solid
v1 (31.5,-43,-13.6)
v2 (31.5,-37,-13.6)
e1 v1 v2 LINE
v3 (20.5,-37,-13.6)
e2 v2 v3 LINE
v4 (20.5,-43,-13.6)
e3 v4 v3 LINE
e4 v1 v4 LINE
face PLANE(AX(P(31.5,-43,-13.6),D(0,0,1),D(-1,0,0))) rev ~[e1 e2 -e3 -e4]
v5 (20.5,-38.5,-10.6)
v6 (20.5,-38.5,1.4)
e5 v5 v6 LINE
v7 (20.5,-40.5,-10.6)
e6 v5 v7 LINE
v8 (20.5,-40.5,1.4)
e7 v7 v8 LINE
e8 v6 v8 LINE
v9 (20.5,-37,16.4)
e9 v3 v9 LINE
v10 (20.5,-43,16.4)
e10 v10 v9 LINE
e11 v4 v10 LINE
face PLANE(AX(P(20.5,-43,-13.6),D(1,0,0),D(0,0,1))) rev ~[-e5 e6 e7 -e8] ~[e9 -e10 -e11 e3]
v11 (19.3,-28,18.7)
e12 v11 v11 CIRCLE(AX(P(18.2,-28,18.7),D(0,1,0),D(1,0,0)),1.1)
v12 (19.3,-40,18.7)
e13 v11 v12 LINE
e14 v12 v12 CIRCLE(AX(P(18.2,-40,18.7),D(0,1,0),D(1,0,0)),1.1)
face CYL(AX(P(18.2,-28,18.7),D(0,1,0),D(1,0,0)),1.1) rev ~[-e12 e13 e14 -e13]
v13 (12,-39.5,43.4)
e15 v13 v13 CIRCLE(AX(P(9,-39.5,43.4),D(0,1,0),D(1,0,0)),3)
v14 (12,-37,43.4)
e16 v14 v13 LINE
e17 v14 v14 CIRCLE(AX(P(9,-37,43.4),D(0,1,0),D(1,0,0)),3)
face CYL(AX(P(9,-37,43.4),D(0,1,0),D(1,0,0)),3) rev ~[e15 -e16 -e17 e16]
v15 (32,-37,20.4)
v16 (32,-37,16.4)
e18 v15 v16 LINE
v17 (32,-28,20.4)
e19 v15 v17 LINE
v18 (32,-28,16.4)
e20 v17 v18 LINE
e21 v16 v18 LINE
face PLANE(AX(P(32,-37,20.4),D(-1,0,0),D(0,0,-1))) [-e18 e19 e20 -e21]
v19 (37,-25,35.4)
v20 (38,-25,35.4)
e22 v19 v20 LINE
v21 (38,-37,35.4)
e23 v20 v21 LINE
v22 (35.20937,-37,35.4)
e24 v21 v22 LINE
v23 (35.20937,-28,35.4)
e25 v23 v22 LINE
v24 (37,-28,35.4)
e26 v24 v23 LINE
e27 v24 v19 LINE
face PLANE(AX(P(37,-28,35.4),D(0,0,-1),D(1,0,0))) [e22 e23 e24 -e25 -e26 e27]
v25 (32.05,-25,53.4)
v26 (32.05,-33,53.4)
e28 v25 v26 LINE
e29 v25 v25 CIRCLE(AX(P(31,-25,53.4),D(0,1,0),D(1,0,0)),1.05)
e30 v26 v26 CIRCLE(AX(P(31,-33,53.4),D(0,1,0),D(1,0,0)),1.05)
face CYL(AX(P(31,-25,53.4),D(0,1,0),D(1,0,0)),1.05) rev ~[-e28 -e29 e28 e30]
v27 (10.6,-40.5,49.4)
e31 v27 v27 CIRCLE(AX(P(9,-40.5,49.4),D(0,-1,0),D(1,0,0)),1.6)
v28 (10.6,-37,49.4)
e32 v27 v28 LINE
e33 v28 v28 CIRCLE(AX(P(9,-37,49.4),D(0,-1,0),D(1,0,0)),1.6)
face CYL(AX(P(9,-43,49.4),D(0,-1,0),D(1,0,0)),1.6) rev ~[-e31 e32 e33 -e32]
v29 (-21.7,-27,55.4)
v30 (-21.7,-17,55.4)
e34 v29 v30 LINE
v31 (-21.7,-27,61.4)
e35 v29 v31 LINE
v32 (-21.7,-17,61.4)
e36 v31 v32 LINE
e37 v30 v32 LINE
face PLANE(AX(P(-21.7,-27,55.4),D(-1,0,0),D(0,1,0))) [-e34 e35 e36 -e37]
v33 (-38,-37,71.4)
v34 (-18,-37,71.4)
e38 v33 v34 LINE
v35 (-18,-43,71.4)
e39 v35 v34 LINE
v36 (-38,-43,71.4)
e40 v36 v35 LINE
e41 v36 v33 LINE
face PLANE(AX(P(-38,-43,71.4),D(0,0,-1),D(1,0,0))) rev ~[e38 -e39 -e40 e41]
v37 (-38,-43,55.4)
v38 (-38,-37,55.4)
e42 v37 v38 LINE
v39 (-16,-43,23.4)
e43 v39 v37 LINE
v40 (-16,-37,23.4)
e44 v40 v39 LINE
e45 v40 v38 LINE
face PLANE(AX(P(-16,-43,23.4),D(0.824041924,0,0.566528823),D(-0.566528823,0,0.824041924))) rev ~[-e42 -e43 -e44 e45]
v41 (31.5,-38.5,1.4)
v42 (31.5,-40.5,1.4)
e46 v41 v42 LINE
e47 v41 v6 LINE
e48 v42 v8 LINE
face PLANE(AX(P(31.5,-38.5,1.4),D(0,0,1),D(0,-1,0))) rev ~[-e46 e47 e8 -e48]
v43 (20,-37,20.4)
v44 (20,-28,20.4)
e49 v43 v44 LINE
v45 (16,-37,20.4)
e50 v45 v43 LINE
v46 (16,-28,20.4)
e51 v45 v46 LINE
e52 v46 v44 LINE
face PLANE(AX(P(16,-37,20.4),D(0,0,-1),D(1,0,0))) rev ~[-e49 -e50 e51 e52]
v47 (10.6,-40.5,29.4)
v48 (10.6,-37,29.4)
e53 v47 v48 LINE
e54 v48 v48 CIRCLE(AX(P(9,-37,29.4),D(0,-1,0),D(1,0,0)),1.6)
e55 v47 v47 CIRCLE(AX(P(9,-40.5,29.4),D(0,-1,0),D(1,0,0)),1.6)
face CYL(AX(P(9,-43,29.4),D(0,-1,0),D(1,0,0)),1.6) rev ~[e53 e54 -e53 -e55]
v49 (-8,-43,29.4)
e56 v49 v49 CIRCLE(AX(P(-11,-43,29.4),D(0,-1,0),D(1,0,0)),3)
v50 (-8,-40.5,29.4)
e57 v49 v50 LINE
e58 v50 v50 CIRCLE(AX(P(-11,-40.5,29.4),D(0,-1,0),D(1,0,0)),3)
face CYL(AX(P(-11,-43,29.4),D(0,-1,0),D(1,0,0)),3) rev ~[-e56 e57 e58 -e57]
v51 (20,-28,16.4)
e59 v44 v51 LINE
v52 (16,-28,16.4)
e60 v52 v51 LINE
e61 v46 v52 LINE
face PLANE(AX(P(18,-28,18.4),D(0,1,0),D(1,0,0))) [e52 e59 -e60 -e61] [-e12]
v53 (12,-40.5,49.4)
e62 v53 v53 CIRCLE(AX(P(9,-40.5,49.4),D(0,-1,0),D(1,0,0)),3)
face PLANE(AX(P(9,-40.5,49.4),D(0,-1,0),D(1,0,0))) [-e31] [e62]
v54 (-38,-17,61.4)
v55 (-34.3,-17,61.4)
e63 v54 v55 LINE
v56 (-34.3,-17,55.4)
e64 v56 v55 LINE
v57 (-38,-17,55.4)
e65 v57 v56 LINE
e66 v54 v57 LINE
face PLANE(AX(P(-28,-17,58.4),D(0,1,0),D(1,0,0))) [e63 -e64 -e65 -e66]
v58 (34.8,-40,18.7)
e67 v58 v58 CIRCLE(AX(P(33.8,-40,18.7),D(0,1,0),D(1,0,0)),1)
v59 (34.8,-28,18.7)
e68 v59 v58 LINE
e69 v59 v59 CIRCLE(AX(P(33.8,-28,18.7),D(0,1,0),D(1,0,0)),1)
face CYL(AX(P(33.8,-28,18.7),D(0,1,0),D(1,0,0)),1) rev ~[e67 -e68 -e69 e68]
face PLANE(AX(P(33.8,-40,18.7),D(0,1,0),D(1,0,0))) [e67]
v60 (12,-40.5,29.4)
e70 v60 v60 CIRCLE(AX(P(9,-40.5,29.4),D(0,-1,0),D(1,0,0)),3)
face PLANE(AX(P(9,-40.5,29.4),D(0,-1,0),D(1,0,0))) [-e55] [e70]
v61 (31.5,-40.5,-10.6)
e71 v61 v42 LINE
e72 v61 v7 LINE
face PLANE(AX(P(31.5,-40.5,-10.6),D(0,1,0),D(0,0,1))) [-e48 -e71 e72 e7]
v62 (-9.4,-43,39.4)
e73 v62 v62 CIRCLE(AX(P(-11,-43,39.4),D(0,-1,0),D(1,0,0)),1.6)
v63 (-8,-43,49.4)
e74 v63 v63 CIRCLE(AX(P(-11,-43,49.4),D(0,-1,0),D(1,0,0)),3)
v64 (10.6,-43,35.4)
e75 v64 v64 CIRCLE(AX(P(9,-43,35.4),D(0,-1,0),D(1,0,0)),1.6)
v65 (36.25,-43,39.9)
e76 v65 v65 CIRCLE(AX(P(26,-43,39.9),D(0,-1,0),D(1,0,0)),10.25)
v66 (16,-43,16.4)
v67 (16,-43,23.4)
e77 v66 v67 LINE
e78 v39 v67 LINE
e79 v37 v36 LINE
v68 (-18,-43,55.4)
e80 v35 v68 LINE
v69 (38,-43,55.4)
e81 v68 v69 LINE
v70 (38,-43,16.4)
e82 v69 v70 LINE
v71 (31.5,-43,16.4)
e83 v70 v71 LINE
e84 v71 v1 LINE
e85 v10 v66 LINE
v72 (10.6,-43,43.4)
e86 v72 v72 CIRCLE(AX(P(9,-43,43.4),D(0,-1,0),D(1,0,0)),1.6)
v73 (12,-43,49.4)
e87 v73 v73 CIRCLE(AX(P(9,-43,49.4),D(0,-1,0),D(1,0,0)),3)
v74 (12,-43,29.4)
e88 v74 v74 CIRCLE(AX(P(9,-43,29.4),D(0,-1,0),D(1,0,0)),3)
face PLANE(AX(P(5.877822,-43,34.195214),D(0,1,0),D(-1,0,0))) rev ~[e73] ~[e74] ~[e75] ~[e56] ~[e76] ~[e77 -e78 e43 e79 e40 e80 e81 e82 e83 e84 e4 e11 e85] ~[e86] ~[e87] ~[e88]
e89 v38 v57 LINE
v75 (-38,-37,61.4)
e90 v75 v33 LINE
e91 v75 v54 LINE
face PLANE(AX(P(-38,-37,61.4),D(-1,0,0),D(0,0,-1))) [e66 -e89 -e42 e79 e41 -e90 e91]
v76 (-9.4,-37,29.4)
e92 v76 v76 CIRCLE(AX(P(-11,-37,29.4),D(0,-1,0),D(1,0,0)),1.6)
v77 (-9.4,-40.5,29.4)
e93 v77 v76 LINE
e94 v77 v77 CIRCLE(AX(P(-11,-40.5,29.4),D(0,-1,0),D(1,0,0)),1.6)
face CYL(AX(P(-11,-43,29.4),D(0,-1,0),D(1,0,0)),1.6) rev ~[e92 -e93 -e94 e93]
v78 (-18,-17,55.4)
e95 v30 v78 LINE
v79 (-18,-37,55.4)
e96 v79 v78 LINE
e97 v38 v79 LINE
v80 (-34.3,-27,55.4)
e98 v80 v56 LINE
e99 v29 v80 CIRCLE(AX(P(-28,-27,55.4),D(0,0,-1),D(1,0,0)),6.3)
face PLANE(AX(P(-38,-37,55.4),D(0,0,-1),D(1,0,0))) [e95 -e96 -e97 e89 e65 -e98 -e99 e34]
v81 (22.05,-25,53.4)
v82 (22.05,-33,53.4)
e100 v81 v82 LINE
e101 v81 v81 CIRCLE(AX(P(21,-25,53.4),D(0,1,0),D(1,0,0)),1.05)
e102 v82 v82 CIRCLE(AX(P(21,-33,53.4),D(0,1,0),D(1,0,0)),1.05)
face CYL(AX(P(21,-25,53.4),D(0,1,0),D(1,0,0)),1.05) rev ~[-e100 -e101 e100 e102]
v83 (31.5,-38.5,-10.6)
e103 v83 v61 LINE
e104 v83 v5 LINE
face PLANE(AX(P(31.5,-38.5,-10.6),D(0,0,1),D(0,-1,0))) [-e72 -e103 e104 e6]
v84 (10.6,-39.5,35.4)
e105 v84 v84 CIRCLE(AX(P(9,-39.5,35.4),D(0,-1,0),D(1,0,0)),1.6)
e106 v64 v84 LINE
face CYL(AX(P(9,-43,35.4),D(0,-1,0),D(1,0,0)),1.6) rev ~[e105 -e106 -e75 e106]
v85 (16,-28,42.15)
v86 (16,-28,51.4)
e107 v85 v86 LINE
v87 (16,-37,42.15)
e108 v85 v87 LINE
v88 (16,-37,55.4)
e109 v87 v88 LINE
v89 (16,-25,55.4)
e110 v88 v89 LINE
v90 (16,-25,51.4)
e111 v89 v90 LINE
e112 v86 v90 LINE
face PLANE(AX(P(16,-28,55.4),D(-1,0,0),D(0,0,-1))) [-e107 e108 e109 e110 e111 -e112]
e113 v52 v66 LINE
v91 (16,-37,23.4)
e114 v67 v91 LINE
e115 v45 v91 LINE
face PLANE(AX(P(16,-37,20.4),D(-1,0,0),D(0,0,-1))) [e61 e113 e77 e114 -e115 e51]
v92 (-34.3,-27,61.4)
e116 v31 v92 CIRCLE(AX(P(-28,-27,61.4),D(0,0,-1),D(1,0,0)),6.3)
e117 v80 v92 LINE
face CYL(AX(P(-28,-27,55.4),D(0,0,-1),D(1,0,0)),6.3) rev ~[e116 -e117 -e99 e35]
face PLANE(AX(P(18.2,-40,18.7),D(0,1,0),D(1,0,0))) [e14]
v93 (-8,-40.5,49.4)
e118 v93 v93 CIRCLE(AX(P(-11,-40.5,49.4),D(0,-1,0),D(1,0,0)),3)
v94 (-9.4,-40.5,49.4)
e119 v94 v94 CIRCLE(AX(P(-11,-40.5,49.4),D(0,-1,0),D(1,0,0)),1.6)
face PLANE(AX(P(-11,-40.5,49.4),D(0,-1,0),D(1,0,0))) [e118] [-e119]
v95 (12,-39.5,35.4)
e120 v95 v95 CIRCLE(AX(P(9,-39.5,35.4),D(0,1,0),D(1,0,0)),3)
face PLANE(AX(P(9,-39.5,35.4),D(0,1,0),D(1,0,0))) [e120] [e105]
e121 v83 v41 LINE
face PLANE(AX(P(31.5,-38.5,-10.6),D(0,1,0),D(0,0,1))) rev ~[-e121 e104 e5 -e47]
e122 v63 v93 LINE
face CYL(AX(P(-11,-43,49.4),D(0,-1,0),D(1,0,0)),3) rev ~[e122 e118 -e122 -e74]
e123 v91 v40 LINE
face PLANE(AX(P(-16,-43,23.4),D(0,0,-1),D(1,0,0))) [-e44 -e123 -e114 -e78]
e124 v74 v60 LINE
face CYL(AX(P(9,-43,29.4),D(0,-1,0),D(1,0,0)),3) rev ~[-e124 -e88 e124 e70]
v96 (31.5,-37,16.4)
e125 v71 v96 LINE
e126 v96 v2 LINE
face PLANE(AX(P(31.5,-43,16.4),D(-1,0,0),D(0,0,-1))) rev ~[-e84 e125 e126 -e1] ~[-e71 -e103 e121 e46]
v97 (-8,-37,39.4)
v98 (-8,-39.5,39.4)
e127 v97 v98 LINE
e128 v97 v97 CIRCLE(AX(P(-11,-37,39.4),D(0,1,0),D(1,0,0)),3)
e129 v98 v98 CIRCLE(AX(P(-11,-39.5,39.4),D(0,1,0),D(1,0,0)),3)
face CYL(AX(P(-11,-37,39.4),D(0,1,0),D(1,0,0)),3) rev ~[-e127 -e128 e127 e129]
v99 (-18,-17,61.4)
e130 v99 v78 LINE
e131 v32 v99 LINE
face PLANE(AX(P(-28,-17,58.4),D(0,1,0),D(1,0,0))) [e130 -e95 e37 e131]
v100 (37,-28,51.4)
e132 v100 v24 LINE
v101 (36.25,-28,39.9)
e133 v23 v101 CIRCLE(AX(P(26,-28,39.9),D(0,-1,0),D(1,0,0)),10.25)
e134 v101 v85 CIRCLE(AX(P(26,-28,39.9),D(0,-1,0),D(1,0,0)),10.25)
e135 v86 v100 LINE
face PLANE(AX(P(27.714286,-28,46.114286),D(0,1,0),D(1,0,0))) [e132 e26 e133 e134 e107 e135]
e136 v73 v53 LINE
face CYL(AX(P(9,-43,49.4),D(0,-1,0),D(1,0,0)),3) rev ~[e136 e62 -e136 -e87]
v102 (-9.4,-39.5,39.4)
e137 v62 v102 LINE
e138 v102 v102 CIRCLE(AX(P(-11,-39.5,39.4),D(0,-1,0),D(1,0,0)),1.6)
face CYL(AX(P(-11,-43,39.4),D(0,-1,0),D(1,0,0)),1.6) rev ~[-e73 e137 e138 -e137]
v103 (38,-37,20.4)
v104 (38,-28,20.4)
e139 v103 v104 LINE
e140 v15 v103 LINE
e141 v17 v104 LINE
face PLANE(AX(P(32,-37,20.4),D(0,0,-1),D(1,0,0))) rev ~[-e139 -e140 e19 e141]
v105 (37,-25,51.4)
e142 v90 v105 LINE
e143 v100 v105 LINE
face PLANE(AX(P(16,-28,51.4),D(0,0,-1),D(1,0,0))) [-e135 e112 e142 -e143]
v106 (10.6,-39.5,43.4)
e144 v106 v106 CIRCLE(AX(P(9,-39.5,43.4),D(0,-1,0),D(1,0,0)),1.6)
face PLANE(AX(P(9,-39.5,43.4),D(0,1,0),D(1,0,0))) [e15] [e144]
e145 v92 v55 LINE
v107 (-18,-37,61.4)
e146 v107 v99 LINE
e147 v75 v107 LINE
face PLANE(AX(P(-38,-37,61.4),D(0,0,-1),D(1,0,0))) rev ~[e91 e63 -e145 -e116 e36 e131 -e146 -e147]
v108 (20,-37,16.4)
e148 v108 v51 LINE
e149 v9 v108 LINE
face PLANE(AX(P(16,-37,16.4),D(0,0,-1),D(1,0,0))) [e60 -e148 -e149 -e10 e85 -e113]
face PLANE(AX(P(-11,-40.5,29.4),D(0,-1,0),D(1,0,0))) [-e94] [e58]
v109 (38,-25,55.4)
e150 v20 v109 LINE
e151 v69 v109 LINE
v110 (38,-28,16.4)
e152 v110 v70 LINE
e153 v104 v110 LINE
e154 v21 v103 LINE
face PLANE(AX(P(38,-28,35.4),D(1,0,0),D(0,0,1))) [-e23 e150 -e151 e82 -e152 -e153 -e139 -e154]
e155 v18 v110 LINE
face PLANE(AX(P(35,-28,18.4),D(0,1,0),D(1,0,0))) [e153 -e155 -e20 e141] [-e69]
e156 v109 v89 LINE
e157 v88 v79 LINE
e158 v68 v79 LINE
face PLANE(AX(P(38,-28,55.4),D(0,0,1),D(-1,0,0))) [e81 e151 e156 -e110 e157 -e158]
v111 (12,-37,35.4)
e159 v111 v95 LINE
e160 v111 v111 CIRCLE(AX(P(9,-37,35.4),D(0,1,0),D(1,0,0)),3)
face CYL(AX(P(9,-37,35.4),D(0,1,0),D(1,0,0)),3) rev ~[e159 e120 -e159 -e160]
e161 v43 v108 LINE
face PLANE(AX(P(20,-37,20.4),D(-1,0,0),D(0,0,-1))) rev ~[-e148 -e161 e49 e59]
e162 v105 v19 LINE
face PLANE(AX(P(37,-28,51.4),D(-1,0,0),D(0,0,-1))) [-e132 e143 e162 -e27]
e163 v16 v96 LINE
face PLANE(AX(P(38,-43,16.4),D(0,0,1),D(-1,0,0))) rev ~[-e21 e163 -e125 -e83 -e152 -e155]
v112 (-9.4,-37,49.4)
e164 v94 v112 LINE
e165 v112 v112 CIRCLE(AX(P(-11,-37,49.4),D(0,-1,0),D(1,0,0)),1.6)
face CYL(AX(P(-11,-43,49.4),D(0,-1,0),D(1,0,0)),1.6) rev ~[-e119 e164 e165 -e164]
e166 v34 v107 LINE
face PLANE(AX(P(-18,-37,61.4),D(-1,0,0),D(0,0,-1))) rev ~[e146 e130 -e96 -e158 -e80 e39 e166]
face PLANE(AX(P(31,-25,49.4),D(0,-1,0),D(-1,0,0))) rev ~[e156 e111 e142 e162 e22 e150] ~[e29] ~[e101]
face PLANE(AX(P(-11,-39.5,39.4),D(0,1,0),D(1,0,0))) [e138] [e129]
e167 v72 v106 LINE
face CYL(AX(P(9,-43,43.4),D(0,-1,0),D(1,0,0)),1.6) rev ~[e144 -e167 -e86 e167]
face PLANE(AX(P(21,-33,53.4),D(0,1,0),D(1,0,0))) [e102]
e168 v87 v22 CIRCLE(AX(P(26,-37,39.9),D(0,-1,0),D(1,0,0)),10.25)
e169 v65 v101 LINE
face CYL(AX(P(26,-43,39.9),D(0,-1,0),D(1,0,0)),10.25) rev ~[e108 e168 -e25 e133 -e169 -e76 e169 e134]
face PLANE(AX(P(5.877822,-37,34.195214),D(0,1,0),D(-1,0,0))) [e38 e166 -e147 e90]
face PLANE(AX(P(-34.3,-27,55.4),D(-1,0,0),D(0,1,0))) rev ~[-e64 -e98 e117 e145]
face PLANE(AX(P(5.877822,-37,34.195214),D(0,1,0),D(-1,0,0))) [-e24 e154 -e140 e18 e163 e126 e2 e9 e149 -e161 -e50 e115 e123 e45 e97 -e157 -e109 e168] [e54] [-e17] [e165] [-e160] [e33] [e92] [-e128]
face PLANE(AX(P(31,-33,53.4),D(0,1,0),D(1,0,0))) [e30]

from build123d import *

# Parameters (mm, degrees)
SKETCH033_W     = 30
SKETCH033_H     = 32
PAD023_DEPTH    = 6
PAD024_DEPTH    = 6
SKETCH035_R     = 1.6
POCKET011_DEPTH = 6
SKETCH038_W     = 4
SKETCH038_H     = 4
SKETCH038_W_2   = 6
PAD027_DEPTH    = 9
SKETCH039_R     = 1.1
SKETCH039_R_2   = 1
POCKET012_DEPTH = 12
SKETCH040_R     = 10.25
POCKET013_DEPTH = 100
PAD028_DEPTH    = 9
POCKET014_DEPTH = 15
PAD029_DEPTH    = 3
SKETCH043_W     = 12
SKETCH043_H     = 2
POCKET015_DEPTH = 11
SKETCH045_W     = 20
SKETCH045_H     = 6
PAD030_DEPTH    = 20
POCKET016_DEPTH = 12
SKETCH047_R     = 1.6
POCKET017_DEPTH = 6
SKETCH048_R     = 3
POCKET018_DEPTH = 2.5
SKETCH049_R     = 3
POCKET019_DEPTH = 2.5
SKETCH058_R     = 1.05
POCKET021_DEPTH = 8


with BuildPart() as part:
    # Sketch033 → Pad023 (new body)
    with BuildSketch(Plane.XZ):
        Rectangle(SKETCH033_W, SKETCH033_H)
    extrude(amount=PAD023_DEPTH)

    # Sketch034 (on Face6 of Pad023) → Pad024 (join)
    with BuildSketch(Plane.XZ.offset(6)):
        Polygon((-15, 16), (15, 16), (39, 16), (39, -23), (32.5, -23), (32.5, -53), (21.5, -53), (21.5, -23), (17, -23), (17, -16), (15, -16), (-15, -16), (-37, 16), (-37, 32), (-17, 32), (-17, 16), align=None)
    extrude(amount=-PAD024_DEPTH)

    # Sketch035 (on Face14 of Pad024) → Pocket011 (cut)
    with BuildSketch(Plane.XZ.offset(6)):
        with Locations((-10, 10)):
            Circle(SKETCH035_R)
        with Locations((10, 10)):
            Circle(SKETCH035_R)
        with Locations((10, -10)):
            Circle(SKETCH035_R)
        with Locations((-10, -10)):
            Circle(SKETCH035_R)
    extrude(amount=-POCKET011_DEPTH, mode=Mode.SUBTRACT)

    # Sketch038 (on Face5 of Pocket011) → Pad027 (join)
    with BuildSketch(Plane(origin=(0, 0, 0), x_dir=(1, 0, 0), z_dir=(0, 1, 0))):
        with Locations((19, 21)):
            Rectangle(SKETCH038_W, SKETCH038_H)
        with Locations((36, 21)):
            Rectangle(SKETCH038_W_2, SKETCH038_H)
    extrude(amount=PAD027_DEPTH)

    # Sketch039 (on Face21 of Pad027) → Pocket012 (cut)
    with BuildSketch(Plane(origin=(0, 9, 0), x_dir=(1, 0, 0), z_dir=(0, 1, 0))):
        with Locations((19.2, 20.7)):
            Circle(SKETCH039_R)
        with Locations((34.8, 20.7)):
            Circle(SKETCH039_R_2)
    extrude(amount=-POCKET012_DEPTH, mode=Mode.SUBTRACT)

    # Sketch040 (on Face4 of Pocket012) → Pocket013 (cut)
    with BuildSketch(Plane.XZ.offset(6)):
        with Locations((27, 0.5)):
            Circle(SKETCH040_R)
    extrude(amount=-POCKET013_DEPTH, mode=Mode.SUBTRACT)

    # Sketch041 (on Face5 of Pocket013) → Pad028 (join)
    with BuildSketch(Plane(origin=(0, 0, 0), x_dir=(1, 0, 0), z_dir=(0, 1, 0))):
        Polygon((39, -16), (39, 4), (32, 4), (32, 0), (17, 0), (17, -16), align=None)
    extrude(amount=PAD028_DEPTH)

    # Sketch040 (on Face4 of Pocket012) → Pocket014 (cut)
    with BuildSketch(Plane.XZ.offset(6)):
        with Locations((27, 0.5)):
            Circle(SKETCH040_R)
    extrude(amount=-POCKET014_DEPTH, mode=Mode.SUBTRACT)

    # Sketch042 (on Face27 of Pocket014) → Pad029 (join)
    with BuildSketch(Plane(origin=(0, 9, 0), x_dir=(1, 0, 0), z_dir=(0, 1, 0))):
        Polygon((17, -12), (38, -12), (38, 4), (39, 4), (39, -16), (17, -16), align=None)
    extrude(amount=PAD029_DEPTH)

    # Sketch043 (on Face12 of Pad029) → Pocket015 (cut)
    with BuildSketch(Plane(origin=(32.5, 0, 0), x_dir=(0, 0, 1), z_dir=(1, 0, 0))):
        with Locations((-44, 2.5)):
            Rectangle(SKETCH043_W, SKETCH043_H)
    extrude(amount=-POCKET015_DEPTH, mode=Mode.SUBTRACT)

    # Sketch045 (on Face5 of Pocket015) → Pad030 (join)
    with BuildSketch(Plane(origin=(0, 0, 0), x_dir=(1, 0, 0), z_dir=(0, 1, 0))):
        with Locations((-27, -19)):
            Rectangle(SKETCH045_W, SKETCH045_H)
    extrude(amount=PAD030_DEPTH)

    # Sketch046 (on Face26 of Pad030) → Pocket016 (cut)
    with BuildSketch(Plane(origin=(0, 0, 16), x_dir=(1, 0, 0), z_dir=(0, 0, -1))):
        with BuildLine():
            ThreePointArc((-20.7, -10), (-27, -3.7), (-33.3, -10))
            Line((-33.3, -10), (-33.3, -25))
            ThreePointArc((-33.3, -25), (-27, -31.3), (-20.7, -25))
            Line((-20.7, -10), (-20.7, -25))
        make_face()
    extrude(amount=-POCKET016_DEPTH, mode=Mode.SUBTRACT)

    # Sketch047 (on Face4 of Pocket016) → Pocket017 (cut)
    with BuildSketch(Plane.XZ.offset(6)):
        with Locations((10, -4)):
            Circle(SKETCH047_R)
        with Locations((10, 4)):
            Circle(SKETCH047_R)
        with Locations((-10, 0)):
            Circle(SKETCH047_R)
    extrude(amount=-POCKET017_DEPTH, mode=Mode.SUBTRACT)

    # Sketch048 (on Face4 of Pocket017) → Pocket018 (cut)
    with BuildSketch(Plane.XZ.offset(6)):
        with Locations((-10, 10)):
            Circle(SKETCH048_R)
        with Locations((10, 10)):
            Circle(SKETCH048_R)
        with Locations((10, -10)):
            Circle(SKETCH048_R)
        with Locations((-10, -10)):
            Circle(SKETCH048_R)
    extrude(amount=-POCKET018_DEPTH, mode=Mode.SUBTRACT)

    # Sketch049 (on Face5 of Pocket018) → Pocket019 (cut)
    with BuildSketch(Plane(origin=(0, 0, 0), x_dir=(1, 0, 0), z_dir=(0, 1, 0))):
        with Locations((-10, 0)):
            Circle(SKETCH049_R)
        with Locations((10, 4)):
            Circle(SKETCH049_R)
        with Locations((10, -4)):
            Circle(SKETCH049_R)
    extrude(amount=-POCKET019_DEPTH, mode=Mode.SUBTRACT)

    # Sketch058 (on Face50 of Pocket019) → Pocket021 (cut)
    with BuildSketch(Plane(origin=(0, 12, 0), x_dir=(1, 0, 0), z_dir=(0, 1, 0))):
        with Locations((32, -14)):
            Circle(SKETCH058_R)
        with Locations((22, -14)):
            Circle(SKETCH058_R)
    extrude(amount=-POCKET021_DEPTH, mode=Mode.SUBTRACT)


with BuildPart() as part_1:
    # Body005 placement: moved
    add(part.part.moved(Location((-1, -37, 39.4))))


solid = part_1.part
